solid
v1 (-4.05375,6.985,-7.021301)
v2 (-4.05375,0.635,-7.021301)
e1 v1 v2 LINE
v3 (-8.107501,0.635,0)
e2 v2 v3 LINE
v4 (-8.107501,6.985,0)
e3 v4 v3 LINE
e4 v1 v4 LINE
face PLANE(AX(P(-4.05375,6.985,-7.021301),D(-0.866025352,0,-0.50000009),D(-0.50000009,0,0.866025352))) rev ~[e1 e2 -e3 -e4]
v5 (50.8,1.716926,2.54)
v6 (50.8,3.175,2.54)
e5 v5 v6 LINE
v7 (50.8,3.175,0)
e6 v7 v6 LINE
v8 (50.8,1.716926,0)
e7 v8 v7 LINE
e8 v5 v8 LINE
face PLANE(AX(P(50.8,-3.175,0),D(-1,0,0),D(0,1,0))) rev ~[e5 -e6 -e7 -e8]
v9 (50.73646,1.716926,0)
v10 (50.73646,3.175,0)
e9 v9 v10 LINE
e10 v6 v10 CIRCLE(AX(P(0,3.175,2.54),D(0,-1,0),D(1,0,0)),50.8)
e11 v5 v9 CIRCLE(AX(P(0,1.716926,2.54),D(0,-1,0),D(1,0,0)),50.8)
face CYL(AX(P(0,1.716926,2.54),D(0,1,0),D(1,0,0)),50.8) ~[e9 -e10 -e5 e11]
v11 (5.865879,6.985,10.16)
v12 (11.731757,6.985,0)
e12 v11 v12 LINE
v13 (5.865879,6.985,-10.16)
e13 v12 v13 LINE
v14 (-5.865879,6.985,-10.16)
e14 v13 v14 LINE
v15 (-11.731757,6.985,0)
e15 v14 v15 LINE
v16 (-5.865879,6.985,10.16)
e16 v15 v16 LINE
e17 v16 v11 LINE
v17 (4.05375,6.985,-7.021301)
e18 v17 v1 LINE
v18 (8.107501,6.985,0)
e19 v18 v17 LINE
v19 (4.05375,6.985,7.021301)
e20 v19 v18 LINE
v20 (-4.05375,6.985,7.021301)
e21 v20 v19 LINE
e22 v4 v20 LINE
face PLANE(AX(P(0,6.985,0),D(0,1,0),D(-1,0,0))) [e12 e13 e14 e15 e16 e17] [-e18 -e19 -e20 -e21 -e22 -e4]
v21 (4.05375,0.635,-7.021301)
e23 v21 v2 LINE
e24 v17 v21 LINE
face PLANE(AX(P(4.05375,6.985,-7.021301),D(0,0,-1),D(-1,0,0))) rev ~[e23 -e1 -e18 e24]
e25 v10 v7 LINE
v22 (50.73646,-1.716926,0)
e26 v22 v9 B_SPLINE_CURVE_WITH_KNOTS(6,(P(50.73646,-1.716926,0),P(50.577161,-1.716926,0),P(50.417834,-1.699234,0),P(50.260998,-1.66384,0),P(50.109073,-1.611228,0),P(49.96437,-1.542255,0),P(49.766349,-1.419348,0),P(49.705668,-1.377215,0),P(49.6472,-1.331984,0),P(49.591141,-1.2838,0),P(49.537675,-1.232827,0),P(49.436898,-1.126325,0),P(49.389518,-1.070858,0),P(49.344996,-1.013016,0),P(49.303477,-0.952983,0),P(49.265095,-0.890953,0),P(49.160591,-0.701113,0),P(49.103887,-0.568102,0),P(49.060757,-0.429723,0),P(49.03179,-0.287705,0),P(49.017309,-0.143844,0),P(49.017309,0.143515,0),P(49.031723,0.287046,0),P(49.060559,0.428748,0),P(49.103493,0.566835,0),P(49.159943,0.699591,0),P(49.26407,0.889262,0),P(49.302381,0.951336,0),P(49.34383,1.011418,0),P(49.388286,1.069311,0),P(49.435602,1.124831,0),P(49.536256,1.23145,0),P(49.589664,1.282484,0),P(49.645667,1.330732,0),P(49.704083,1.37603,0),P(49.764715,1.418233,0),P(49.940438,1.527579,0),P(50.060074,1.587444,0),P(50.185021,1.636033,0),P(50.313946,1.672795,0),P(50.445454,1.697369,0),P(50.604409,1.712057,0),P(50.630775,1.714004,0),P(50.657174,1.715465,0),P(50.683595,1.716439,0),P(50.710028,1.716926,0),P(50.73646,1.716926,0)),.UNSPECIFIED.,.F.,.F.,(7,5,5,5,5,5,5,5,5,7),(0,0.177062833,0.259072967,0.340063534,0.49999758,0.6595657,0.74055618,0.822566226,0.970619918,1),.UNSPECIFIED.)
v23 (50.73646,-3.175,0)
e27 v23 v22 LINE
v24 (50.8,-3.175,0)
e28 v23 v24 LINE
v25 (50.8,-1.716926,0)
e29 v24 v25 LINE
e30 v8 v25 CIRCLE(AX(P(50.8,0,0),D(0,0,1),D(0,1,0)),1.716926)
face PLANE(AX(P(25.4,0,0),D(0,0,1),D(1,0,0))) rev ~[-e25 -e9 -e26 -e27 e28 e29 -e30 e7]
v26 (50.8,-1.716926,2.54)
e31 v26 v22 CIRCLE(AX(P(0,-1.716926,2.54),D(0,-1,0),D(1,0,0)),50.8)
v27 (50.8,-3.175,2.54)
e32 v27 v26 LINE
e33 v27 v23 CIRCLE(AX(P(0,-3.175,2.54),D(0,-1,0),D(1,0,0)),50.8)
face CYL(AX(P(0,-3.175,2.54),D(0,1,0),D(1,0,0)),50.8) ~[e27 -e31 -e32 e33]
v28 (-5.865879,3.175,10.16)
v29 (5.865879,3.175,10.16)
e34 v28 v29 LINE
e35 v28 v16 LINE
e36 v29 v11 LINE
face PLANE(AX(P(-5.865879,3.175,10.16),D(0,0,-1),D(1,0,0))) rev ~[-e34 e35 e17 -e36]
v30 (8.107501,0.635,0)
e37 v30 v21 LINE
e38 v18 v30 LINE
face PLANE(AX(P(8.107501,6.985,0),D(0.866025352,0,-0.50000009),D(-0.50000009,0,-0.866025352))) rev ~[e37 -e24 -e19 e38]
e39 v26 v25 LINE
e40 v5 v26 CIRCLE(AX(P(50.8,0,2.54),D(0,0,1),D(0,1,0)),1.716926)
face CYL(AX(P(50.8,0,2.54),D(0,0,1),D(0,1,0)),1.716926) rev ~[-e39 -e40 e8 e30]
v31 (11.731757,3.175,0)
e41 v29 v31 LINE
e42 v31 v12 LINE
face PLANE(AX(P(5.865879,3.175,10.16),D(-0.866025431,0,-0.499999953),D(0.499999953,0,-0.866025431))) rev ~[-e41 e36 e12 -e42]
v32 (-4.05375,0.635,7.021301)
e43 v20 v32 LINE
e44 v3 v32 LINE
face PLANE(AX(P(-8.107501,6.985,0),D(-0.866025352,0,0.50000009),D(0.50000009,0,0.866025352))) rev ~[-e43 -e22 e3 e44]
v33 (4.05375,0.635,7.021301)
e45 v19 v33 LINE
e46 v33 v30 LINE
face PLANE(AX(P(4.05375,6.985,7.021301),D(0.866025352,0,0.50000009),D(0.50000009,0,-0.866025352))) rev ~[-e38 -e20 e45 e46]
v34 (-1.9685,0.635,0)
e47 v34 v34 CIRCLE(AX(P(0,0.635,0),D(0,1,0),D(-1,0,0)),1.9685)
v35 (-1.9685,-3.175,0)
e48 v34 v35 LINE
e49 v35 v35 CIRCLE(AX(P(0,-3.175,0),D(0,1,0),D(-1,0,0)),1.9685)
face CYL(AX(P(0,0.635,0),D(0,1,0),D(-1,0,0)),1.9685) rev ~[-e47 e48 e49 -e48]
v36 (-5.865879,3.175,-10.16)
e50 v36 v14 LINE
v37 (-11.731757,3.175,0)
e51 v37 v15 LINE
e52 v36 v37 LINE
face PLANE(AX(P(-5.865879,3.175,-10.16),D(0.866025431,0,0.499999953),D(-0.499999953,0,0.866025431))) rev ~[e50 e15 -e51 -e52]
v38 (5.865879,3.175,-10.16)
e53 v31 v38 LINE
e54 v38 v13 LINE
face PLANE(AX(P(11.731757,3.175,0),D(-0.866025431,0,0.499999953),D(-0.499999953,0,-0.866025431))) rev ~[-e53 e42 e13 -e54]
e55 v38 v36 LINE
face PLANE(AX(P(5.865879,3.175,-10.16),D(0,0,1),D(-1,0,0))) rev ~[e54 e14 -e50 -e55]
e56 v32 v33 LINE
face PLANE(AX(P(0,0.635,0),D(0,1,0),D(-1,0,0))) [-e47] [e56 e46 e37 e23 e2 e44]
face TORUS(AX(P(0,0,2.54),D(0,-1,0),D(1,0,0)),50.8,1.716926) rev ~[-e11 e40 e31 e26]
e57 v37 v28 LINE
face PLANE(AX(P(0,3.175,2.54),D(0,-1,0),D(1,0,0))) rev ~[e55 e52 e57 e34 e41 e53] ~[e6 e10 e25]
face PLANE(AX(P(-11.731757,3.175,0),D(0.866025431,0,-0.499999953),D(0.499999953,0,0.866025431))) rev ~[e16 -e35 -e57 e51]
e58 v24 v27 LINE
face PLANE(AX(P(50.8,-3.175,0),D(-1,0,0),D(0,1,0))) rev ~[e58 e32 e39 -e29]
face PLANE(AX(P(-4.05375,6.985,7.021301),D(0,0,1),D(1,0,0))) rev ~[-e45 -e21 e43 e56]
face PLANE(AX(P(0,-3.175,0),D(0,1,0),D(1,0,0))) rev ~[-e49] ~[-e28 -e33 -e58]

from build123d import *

# Parameters (mm, degrees)
F0_W      = 50.8
F0_H      = 6.35
F1_DEPTH  = 2.54
F3_DEPTH  = 2.54
F6_DEPTH  = 3.81
F8_DEPTH  = 6.35
F9_R      = 1.9685
F10_DEPTH = 6.35


with BuildPart() as f1:
    # F0 (on Top) → F1 (new body)
    with BuildSketch(Plane.XY):
        with Locations((25.4, 0)):
            Rectangle(F0_W, F0_H)
    extrude(amount=F1_DEPTH)

    # F2 (on face) → F3 (cut)
    with BuildSketch(Plane.XY.offset(2.54)):
        with BuildLine():
            Line((50.8, -1.716926), (50.8, 1.716926))
            ThreePointArc((50.8, 1.716926), (49.083074, 0), (50.8, -1.716926))
        make_face()
    extrude(amount=-F3_DEPTH, mode=Mode.SUBTRACT)

    # F1_face (on face) → F4 (revolve)
    with BuildSketch(Plane(origin=(25.4, 0, 2.54), x_dir=(1, 0, 0), z_dir=(0, 0, 1))):
        with BuildLine():
            Line((25.4, 1.716926), (25.4, 3.175))
            Line((25.4, 3.175), (-25.4, 3.175))
            Line((-25.4, 3.175), (-25.4, -3.175))
            Line((-25.4, -3.175), (25.4, -3.175))
            Line((25.4, -3.175), (25.4, -1.716926))
            ThreePointArc((25.4, -1.716926), (23.683074, 0), (25.4, 1.716926))
        make_face()
    revolve(axis=Axis((0, 0, 2.54), (0, -1, 0)))

    # F5 (on face) → F6 (join)
    with BuildSketch(Plane(origin=(0, 3.175, 0), x_dir=(-1, 0, 0), z_dir=(0, 1, 0))):
        Polygon((5.865879, 10.16), (-5.865879, 10.16), (-11.731757, 0), (-5.865879, -10.16), (5.865879, -10.16), (11.731757, 0), align=None)
    extrude(amount=F6_DEPTH)

    # F7 (on face) → F8 (cut)
    with BuildSketch(Plane(origin=(0, 6.985, 0), x_dir=(-1, 0, 0), z_dir=(0, 1, 0))):
        Polygon((4.05375, 7.021301), (-4.05375, 7.021301), (-8.107501, 0), (-4.05375, -7.021301), (4.05375, -7.021301), (8.107501, 0), align=None)
    extrude(amount=-F8_DEPTH, mode=Mode.SUBTRACT)

    # F9 (on face) → F10 (cut)
    with BuildSketch(Plane(origin=(0, 0.635, 0), x_dir=(-1, 0, 0), z_dir=(0, 1, 0))):
        Circle(F9_R)
    extrude(amount=-F10_DEPTH, mode=Mode.SUBTRACT)


solid = f1.part
